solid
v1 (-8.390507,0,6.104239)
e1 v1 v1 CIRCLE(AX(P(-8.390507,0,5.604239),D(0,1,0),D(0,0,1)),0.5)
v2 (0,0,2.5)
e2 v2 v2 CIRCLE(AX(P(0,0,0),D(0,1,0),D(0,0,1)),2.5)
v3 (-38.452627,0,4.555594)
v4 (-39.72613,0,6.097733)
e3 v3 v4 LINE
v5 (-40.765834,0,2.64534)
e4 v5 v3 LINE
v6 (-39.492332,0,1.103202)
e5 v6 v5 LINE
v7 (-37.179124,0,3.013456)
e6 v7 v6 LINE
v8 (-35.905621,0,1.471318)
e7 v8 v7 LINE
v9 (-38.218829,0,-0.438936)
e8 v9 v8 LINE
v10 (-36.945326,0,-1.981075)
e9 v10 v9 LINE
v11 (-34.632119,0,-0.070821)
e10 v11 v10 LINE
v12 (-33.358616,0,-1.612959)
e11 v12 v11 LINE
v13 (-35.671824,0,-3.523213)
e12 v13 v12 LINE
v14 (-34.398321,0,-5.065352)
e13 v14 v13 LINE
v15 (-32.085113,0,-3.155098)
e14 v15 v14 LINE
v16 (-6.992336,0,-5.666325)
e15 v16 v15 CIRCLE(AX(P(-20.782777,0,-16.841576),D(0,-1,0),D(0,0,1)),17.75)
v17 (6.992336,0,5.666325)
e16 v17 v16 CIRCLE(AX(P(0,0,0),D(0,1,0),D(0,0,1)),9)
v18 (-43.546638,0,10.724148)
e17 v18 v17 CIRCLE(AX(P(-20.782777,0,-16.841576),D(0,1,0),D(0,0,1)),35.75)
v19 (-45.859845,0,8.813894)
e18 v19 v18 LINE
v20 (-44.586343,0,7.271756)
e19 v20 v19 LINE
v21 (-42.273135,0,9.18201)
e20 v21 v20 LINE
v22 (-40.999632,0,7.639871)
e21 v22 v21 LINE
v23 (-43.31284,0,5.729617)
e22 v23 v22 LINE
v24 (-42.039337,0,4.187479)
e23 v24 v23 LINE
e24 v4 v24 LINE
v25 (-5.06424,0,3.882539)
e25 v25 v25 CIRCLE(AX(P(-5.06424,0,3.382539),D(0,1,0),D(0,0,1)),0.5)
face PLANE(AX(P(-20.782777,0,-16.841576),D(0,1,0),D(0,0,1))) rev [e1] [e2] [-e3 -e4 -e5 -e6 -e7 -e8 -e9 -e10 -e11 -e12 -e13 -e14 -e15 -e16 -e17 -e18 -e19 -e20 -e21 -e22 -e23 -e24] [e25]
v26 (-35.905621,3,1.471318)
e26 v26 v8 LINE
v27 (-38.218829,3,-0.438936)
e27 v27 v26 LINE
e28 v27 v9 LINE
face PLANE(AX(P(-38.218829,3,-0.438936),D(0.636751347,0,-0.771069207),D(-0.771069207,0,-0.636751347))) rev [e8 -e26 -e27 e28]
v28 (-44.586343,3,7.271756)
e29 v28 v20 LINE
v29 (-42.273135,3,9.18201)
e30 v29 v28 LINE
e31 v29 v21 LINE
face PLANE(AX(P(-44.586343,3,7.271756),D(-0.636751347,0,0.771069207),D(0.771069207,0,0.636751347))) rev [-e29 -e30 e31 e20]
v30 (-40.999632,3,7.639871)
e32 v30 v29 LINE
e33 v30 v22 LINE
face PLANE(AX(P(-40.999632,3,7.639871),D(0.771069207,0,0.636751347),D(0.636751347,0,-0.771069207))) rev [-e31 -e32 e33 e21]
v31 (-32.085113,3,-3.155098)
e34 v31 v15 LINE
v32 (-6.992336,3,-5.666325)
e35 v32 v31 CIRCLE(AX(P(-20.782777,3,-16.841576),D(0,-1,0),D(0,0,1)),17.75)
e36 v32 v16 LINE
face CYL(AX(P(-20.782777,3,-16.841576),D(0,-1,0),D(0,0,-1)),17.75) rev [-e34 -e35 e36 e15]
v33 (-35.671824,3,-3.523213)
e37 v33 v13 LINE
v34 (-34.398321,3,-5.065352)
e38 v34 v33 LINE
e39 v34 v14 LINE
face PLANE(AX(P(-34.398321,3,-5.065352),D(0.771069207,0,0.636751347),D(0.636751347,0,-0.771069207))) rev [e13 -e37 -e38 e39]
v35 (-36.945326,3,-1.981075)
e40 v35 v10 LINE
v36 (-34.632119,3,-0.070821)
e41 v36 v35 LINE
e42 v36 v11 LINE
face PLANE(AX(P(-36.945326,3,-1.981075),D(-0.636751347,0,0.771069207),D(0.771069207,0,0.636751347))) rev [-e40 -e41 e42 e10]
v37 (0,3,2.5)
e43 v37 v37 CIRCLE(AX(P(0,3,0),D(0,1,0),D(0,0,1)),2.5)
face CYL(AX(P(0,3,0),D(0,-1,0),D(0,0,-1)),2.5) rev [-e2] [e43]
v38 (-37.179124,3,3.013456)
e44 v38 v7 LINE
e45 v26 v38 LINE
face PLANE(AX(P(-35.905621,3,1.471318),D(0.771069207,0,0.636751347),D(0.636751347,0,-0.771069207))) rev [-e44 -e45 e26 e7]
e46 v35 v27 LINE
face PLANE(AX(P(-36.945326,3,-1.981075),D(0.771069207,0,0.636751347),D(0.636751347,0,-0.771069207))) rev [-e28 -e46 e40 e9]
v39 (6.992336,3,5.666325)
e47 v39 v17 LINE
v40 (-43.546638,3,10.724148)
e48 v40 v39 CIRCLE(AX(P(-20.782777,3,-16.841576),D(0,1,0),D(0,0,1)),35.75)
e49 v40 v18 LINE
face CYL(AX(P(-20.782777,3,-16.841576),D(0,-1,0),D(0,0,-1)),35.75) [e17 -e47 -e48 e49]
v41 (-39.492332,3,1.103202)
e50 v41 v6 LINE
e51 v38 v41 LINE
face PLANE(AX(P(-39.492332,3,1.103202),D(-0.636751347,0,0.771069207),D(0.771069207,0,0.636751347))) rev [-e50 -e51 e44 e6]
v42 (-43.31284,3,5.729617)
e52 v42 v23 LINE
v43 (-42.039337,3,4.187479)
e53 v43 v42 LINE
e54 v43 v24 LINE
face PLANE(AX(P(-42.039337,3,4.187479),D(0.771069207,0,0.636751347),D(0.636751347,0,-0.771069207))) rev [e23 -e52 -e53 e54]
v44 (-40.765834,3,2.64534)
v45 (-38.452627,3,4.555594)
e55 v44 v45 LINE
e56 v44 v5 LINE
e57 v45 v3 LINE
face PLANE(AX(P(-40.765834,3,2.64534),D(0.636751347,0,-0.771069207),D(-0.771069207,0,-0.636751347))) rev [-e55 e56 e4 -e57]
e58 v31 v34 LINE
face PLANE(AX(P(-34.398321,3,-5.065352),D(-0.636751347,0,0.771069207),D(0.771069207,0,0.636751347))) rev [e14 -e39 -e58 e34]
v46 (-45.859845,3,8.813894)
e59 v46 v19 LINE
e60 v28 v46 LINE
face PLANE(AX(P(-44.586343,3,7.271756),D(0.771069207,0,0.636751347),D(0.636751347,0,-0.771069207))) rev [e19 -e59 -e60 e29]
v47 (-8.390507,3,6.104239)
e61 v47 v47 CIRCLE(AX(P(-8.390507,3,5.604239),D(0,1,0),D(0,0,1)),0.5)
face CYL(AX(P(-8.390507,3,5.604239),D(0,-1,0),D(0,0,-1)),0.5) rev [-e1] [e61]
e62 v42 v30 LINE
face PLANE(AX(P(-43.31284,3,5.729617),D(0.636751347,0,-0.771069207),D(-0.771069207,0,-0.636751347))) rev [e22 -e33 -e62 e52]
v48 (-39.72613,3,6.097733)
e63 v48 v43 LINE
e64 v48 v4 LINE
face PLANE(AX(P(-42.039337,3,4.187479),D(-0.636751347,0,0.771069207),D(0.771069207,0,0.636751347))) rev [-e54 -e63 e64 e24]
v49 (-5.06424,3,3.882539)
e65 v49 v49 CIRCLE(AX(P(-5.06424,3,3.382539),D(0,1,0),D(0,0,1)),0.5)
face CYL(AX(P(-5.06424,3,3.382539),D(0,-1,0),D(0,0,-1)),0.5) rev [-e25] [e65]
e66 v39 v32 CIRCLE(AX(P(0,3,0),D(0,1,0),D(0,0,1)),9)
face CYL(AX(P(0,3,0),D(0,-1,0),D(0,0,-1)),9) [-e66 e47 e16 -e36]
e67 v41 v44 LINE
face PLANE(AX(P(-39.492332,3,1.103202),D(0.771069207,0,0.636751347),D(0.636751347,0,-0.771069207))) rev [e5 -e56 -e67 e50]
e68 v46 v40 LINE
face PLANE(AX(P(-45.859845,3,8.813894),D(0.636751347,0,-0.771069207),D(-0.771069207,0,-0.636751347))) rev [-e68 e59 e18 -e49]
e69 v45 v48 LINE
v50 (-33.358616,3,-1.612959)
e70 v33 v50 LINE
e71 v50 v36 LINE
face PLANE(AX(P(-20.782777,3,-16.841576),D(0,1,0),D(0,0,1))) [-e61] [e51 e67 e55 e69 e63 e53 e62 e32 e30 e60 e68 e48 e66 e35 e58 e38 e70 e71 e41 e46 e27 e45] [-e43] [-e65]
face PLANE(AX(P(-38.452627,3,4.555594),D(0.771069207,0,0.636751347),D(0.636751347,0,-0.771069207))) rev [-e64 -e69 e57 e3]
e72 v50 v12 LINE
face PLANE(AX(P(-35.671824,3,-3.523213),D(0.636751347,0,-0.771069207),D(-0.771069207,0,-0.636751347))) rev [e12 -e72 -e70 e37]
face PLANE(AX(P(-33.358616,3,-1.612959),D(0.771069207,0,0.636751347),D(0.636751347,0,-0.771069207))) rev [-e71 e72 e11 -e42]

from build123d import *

# Parameters (mm, degrees)
SKETCH1_R           = 2.5
SKETCH1_R_2         = 0.5
BOSS_EXTRUDE1_DEPTH = 3


with BuildPart() as part:
    # Sketch1 → Boss-Extrude1 (new body)
    with BuildSketch(Plane(origin=(0, 0, 0), x_dir=(1, 0, 0), z_dir=(0, 1, 0))):
        with BuildLine():
            Line((-33.358616029, 1.612959212), (-34.632118724, 0.070820799))
            Line((-34.632118724, 0.070820799), (-36.945326344, 1.981074841))
            Line((-36.945326344, 1.981074841), (-38.218829039, 0.438936428))
            Line((-38.218829039, 0.438936428), (-35.905621419, -1.471317615))
            Line((-35.905621419, -1.471317615), (-37.179124114, -3.013456028))
            Line((-37.179124114, -3.013456028), (-39.492331734, -1.103201985))
            Line((-39.492331734, -1.103201985), (-40.765834429, -2.645340399))
            Line((-40.765834429, -2.645340399), (-38.452626808, -4.555594441))
            Line((-38.452626808, -4.555594441), (-39.726129503, -6.097732855))
            Line((-39.726129503, -6.097732855), (-42.039337123, -4.187478812))
            Line((-42.039337123, -4.187478812), (-43.312839818, -5.729617226))
            Line((-43.312839818, -5.729617226), (-40.999632198, -7.639871268))
            Line((-40.999632198, -7.639871268), (-42.273134893, -9.182009681))
            Line((-42.273134893, -9.182009681), (-44.586342513, -7.271755639))
            Line((-44.586342513, -7.271755639), (-45.859845208, -8.813894052))
            Line((-45.859845208, -8.813894052), (-43.546637588, -10.724148095))
            ThreePointArc((-43.546637588, -10.724148095), (-17.222782933, -18.730729797), (6.992336159, -5.66632465))
            ThreePointArc((6.992336159, -5.66632465), (5.66632465, 6.992336159), (-6.992336159, 5.66632465))
            ThreePointArc((-6.992336159, 5.66632465), (-19.015227456, -0.820198185), (-32.085113334, 3.155097626))
            Line((-32.085113334, 3.155097626), (-34.398320954, 5.065351668))
            Line((-34.398320954, 5.065351668), (-35.671823649, 3.523213255))
            Line((-35.671823649, 3.523213255), (-33.358616029, 1.612959212))
        make_face()
        with Locations(Location((0, 0, 0), (0, 0, 270))):
            Circle(SKETCH1_R, mode=Mode.SUBTRACT)
        with Locations(Location((-5.06424038, -3.382538894, 0), (0, 0, 270))):
            Circle(SKETCH1_R_2, mode=Mode.SUBTRACT)
        with Locations(Location((-8.39050664, -5.604239317, 0), (0, 0, 270))):
            Circle(SKETCH1_R_2, mode=Mode.SUBTRACT)
    extrude(amount=BOSS_EXTRUDE1_DEPTH)


solid = part.part
